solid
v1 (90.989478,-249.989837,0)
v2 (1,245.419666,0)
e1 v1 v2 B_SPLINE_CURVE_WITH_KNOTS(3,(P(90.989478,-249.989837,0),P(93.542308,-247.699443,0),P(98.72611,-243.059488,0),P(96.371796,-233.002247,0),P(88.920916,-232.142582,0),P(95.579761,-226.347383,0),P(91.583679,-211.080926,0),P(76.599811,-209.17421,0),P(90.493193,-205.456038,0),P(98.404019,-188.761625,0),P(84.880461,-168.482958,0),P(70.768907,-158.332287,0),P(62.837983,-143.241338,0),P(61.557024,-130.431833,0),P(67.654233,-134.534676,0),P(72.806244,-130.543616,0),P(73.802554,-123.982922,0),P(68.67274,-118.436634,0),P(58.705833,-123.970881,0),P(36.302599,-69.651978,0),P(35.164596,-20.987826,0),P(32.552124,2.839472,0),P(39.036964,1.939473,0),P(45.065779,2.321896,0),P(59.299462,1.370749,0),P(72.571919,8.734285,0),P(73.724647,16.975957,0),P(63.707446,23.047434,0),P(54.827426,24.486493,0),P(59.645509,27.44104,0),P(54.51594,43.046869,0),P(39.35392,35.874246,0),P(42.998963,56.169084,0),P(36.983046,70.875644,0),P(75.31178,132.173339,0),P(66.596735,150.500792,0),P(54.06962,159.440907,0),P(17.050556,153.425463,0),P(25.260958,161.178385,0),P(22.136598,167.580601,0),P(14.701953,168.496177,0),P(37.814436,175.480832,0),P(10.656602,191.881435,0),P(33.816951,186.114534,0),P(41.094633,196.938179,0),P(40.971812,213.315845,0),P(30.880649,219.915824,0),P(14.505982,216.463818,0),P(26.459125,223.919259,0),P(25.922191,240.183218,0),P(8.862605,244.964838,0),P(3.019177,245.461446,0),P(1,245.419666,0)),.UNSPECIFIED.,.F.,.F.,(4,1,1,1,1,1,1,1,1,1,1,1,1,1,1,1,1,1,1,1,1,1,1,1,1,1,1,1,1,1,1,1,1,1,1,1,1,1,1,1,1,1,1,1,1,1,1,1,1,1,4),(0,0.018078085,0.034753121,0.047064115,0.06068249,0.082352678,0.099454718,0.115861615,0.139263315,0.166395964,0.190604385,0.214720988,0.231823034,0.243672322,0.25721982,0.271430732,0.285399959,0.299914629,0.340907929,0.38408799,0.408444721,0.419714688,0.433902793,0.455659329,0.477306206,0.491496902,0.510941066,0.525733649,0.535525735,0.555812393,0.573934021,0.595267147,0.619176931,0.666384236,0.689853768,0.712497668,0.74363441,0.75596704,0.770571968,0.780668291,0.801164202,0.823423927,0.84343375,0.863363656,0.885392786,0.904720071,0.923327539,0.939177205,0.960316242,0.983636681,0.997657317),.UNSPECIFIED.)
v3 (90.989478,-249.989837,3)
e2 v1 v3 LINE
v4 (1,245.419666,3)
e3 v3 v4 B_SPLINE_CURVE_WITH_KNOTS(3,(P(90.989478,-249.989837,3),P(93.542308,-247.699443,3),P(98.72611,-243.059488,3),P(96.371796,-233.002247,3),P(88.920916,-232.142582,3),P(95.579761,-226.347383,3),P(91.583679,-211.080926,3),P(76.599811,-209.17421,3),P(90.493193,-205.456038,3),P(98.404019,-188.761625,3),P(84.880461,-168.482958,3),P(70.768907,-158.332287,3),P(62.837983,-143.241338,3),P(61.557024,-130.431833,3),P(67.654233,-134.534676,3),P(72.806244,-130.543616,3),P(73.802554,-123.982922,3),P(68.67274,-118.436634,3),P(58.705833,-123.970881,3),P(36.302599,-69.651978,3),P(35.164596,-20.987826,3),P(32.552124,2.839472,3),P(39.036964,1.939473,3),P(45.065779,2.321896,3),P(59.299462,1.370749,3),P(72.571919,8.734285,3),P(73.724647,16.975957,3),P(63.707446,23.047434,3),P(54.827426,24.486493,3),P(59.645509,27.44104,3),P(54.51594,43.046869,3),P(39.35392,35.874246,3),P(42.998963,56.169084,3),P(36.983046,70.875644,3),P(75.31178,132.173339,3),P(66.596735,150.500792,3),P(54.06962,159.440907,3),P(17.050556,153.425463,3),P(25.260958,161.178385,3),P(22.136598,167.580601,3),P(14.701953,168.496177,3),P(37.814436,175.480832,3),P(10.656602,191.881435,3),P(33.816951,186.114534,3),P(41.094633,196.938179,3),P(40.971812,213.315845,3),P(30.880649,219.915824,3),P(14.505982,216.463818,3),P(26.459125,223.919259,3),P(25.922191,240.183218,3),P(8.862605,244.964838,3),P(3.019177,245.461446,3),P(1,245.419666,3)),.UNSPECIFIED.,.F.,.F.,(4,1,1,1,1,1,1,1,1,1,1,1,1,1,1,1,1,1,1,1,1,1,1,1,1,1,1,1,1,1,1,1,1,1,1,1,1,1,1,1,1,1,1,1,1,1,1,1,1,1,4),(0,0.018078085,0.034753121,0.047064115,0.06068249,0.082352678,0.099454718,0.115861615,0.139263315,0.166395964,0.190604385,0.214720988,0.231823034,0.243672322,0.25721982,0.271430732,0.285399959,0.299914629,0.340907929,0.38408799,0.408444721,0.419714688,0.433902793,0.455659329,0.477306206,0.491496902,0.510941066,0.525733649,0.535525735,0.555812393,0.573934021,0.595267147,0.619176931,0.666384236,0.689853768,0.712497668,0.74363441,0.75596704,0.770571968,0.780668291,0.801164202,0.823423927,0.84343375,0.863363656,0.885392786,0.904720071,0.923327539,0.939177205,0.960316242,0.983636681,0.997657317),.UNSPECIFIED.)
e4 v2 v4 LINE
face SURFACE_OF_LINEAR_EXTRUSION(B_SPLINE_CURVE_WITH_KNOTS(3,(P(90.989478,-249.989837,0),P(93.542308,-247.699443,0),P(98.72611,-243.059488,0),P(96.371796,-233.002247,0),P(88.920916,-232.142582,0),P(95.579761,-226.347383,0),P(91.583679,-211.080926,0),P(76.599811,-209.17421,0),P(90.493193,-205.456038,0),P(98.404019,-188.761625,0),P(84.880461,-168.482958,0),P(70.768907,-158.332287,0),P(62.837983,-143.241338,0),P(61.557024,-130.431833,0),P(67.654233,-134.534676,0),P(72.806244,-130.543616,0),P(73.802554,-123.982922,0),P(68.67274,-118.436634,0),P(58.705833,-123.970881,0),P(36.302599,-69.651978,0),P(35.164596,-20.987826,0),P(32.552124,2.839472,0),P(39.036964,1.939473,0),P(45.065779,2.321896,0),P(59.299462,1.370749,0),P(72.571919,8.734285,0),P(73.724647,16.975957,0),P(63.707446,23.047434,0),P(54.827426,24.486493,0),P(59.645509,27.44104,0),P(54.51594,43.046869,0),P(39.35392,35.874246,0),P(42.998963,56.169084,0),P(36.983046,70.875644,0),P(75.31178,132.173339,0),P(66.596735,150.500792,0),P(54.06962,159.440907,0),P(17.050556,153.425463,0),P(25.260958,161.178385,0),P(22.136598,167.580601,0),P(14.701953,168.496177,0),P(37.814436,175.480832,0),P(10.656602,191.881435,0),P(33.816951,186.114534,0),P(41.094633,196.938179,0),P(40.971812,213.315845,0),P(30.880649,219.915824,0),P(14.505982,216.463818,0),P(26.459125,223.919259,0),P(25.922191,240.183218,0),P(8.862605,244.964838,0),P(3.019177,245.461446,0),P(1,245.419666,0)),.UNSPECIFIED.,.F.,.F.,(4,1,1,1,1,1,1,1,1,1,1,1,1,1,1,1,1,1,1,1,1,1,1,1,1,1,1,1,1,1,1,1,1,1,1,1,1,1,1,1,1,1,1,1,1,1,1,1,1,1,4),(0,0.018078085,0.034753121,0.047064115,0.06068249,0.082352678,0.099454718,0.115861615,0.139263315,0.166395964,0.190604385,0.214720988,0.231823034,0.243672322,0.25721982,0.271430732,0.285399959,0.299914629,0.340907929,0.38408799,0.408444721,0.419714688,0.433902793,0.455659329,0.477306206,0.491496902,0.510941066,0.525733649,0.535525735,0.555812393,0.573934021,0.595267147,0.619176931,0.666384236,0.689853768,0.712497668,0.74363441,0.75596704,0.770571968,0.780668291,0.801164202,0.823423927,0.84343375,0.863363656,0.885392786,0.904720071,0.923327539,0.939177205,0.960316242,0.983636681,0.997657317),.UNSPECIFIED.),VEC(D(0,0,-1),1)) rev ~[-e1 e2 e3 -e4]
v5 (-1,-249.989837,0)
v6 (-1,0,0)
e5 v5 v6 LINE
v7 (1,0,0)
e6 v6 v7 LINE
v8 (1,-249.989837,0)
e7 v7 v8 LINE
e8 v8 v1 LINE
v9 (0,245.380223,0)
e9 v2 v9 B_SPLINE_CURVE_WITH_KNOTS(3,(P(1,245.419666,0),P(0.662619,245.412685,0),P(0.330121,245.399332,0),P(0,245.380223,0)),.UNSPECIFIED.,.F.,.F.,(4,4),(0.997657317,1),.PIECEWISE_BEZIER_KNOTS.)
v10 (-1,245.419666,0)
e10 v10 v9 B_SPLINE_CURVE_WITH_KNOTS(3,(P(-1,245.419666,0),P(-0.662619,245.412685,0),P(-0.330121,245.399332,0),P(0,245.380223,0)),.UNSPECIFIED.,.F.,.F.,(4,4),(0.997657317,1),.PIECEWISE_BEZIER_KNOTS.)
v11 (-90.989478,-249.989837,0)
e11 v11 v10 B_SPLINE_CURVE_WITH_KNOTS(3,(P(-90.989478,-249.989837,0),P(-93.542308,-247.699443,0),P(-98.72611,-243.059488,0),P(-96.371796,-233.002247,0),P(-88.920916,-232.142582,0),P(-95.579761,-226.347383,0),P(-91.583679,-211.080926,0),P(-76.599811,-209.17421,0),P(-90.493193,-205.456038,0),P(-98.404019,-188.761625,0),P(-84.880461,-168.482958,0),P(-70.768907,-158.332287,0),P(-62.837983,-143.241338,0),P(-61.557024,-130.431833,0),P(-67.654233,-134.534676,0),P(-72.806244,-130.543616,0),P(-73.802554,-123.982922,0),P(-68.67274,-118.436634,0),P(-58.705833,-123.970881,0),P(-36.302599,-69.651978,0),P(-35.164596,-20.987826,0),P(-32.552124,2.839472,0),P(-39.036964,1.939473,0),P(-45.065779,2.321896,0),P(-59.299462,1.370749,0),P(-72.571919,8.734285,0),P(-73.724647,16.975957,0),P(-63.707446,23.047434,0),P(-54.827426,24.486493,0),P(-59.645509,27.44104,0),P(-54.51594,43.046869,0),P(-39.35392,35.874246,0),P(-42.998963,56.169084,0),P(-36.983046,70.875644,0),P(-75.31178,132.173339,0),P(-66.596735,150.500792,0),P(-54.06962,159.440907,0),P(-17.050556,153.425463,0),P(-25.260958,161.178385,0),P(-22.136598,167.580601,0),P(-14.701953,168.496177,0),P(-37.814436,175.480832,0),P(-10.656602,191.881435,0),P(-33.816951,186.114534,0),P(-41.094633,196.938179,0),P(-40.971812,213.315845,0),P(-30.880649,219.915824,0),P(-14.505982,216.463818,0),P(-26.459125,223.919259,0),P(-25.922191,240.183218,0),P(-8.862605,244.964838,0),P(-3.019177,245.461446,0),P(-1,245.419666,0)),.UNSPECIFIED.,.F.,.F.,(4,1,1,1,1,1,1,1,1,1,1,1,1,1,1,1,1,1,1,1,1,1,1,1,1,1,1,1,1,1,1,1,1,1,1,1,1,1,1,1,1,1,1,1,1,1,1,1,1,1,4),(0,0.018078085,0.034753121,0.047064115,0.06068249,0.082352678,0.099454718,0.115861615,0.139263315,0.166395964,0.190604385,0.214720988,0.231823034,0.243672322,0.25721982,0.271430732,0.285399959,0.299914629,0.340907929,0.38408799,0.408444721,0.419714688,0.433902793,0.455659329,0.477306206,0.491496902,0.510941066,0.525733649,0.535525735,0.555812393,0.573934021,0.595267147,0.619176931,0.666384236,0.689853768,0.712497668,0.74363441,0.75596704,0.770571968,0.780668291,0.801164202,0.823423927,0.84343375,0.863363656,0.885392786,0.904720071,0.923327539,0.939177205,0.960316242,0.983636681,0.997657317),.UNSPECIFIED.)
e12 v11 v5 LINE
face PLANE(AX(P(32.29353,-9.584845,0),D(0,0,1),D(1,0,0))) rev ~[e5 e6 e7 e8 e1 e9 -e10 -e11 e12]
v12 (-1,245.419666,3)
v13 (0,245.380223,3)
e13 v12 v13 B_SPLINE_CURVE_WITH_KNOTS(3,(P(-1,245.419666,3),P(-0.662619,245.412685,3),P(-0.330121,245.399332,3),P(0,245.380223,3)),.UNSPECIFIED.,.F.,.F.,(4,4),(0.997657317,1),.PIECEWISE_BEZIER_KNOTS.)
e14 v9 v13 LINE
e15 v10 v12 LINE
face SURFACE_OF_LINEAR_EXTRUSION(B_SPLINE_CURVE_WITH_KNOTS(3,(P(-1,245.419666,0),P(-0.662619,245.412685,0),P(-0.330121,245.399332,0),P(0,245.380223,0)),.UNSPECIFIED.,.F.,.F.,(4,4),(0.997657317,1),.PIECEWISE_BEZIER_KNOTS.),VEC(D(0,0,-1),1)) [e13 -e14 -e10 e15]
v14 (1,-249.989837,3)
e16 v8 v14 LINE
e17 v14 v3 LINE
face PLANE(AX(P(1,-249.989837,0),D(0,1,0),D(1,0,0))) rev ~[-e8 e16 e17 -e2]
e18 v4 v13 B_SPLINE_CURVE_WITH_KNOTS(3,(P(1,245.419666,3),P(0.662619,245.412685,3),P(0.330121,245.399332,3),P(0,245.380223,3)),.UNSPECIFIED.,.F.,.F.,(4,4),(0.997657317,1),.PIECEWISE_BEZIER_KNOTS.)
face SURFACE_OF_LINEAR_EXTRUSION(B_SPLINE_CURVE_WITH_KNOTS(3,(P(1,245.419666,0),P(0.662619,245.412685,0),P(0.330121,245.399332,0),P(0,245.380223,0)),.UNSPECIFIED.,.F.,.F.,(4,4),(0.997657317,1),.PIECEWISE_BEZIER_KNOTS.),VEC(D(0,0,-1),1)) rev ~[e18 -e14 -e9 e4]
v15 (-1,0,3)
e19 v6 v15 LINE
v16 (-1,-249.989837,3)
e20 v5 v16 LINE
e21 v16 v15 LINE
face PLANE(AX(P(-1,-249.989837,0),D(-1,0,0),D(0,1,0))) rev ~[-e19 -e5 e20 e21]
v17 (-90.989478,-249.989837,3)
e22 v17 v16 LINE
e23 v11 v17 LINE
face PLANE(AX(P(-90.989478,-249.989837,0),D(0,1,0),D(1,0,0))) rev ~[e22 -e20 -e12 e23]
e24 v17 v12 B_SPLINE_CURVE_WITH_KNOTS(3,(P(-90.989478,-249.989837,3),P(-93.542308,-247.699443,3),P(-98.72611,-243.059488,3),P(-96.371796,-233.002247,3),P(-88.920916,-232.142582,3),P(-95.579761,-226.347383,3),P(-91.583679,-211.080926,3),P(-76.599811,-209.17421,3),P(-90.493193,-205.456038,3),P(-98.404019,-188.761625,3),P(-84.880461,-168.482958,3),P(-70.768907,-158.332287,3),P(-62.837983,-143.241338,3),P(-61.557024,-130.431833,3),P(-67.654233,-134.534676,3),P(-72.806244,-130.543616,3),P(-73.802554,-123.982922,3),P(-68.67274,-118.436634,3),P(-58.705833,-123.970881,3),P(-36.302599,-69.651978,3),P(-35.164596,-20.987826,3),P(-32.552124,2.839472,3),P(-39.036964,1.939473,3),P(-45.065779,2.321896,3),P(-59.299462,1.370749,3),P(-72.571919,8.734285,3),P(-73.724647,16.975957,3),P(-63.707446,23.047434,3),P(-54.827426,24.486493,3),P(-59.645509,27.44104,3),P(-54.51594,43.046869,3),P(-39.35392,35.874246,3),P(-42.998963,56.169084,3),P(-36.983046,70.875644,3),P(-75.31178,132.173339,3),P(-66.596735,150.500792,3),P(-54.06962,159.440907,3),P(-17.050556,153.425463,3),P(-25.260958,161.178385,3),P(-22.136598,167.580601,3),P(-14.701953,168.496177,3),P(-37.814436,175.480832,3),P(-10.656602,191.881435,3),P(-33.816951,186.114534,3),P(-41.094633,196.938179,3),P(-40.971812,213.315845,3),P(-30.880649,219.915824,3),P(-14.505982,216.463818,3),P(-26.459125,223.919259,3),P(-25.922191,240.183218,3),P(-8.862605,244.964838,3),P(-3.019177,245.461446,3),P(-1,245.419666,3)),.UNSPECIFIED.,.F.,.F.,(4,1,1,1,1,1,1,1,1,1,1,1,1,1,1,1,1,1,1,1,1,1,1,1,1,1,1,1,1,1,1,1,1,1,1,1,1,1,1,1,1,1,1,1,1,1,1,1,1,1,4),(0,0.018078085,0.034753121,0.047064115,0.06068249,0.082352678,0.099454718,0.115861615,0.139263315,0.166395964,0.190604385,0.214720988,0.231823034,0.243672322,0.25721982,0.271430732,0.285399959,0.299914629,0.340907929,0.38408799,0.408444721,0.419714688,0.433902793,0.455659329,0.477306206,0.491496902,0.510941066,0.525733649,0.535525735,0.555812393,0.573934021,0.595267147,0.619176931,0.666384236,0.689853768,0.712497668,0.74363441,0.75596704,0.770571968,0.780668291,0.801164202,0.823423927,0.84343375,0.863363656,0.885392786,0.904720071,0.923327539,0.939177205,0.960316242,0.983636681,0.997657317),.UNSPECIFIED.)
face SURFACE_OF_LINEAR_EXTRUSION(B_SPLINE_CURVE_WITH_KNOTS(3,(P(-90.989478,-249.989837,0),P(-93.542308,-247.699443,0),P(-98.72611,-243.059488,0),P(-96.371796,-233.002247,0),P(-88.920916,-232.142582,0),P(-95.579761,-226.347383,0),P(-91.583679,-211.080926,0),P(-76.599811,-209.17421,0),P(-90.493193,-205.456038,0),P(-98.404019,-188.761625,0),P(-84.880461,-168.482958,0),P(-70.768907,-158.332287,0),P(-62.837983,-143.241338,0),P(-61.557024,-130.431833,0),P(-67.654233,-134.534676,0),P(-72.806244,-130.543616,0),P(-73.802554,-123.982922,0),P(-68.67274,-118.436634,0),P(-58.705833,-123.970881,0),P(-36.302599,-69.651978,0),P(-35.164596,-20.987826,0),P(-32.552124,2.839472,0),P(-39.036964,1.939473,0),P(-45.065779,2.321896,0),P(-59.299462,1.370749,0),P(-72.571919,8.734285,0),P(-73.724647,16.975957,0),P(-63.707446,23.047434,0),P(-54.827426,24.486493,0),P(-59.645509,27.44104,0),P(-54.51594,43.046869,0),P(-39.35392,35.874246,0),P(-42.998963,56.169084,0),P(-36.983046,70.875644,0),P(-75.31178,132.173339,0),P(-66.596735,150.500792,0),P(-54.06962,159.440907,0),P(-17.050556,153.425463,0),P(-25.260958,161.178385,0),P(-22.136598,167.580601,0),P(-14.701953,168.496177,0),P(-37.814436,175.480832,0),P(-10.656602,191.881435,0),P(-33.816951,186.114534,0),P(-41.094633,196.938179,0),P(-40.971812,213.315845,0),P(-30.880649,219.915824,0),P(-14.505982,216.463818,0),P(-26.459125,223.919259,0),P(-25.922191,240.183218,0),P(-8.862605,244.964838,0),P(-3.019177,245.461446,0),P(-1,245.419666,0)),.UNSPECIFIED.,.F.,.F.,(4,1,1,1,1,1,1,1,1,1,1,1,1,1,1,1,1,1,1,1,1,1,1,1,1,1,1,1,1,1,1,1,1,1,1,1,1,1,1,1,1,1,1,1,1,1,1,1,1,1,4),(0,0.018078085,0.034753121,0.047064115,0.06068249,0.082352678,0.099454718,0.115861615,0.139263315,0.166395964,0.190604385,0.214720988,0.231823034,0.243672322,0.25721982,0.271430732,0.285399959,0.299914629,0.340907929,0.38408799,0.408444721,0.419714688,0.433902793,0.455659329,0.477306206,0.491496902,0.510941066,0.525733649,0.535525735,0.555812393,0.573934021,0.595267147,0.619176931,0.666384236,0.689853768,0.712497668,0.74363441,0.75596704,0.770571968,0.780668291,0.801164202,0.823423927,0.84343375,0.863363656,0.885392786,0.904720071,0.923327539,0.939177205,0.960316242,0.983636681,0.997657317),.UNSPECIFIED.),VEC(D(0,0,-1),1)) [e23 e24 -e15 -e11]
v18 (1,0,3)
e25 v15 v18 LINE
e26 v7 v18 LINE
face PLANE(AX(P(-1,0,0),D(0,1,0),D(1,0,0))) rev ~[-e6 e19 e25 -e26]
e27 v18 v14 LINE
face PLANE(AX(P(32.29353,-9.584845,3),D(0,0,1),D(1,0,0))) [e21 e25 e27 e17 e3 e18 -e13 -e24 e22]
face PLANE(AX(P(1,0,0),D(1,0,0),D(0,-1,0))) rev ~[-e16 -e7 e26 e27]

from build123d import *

# Parameters (mm, degrees)
F1_DEPTH = 3


with BuildPart() as f1:
    # F0 (on Top) → F1 (new body)
    with BuildSketch(Plane.XY):
        with BuildLine():
            add(Edge.make_bspline(
                [(90.9894779325, -249.9898374081), (93.5423084812, -247.6994433289), (98.7261095267, -243.0594878918), (96.3717963405, -233.002246845), (88.9209162181, -232.1425823387), (95.5797614962, -226.3473827392), (91.5836794418, -211.0809255461), (76.5998108247, -209.1742101838), (90.4931932063, -205.4560381133), (98.4040190951, -188.7616252338), (84.8804606225, -168.4829575198), (70.7689072457, -158.3322873851), (62.8379831471, -143.2413384436), (61.557023586, -130.431832811), (67.6542333179, -134.5346761668), (72.8062443375, -130.5436162337), (73.8025544125, -123.982922157), (68.6727398931, -118.4366341751), (58.7058329409, -123.9708810166), (36.3025994821, -69.651977773), (35.164596349, -20.9878259104), (32.5521242658, 2.8394716537), (39.0369635764, 1.9394730546), (45.0657788443, 2.3218964827), (59.2994622567, 1.3707494807), (72.5719191699, 8.7342849114), (73.7246470696, 16.9759574494), (63.7074459018, 23.0474340322), (54.8274264315, 24.486493145), (59.6455092177, 27.4410399071), (54.5159396801, 43.0468686734), (39.3539196624, 35.8742461569), (42.9989626849, 56.1690837908), (36.9830458164, 70.8756444867), (75.3117804583, 132.1733387746), (66.5967353794, 150.5007923418), (54.0696200833, 159.4409074932), (17.0505556383, 153.4254633293), (25.2609582787, 161.1783845586), (22.1365981425, 167.5806007909), (14.7019530635, 168.4961773878), (37.8144356801, 175.4808323626), (10.6566023155, 191.8814352096), (33.8169514641, 186.1145341709), (41.0946330208, 196.9381785014), (40.9718122924, 213.3158447979), (30.880649311, 219.9158241613), (14.5059824129, 216.463817929), (26.4591252681, 223.9192586975), (25.9221908143, 240.1832175197), (8.8626047614, 244.964838391), (3.0191772027, 245.4614464803), (1, 245.419665973)],
                knots=[0, 0, 0, 0, 0.0180780853, 0.0347531213, 0.0470641149, 0.0606824905, 0.082352678, 0.0994547179, 0.1158616148, 0.1392633154, 0.1663959645, 0.1906043851, 0.2147209883, 0.2318230344, 0.2436723223, 0.2572198202, 0.2714307317, 0.2853999587, 0.2999146289, 0.3409079292, 0.3840879897, 0.4084447206, 0.419714688, 0.4339027925, 0.4556593293, 0.4773062065, 0.491496902, 0.5109410664, 0.5257336488, 0.5355257348, 0.5558123934, 0.5739340212, 0.5952671467, 0.6191769312, 0.6663842356, 0.689853768, 0.7124976679, 0.7436344098, 0.7559670404, 0.7705719679, 0.7806682913, 0.8011642023, 0.8234239266, 0.8434337495, 0.8633636557, 0.8853927856, 0.9047200707, 0.9233275392, 0.9391772054, 0.9603162416, 0.9836366812, 0.9976573166, 0.9976573166, 0.9976573166, 0.9976573166], degree=3))
            Line((1, 245.419665973), (1, 0))
            Line((1, 0), (1, -249.9898374081))
            Line((1, -249.9898374081), (90.9894779325, -249.9898374081))
        make_face()
        with BuildLine():
            Line((-1, 0), (-1, 245.419665973))
            add(Edge.make_bspline(
                [(-90.9894779325, -249.9898374081), (-93.5423084812, -247.6994433289), (-98.7261095267, -243.0594878918), (-96.3717963405, -233.002246845), (-88.9209162181, -232.1425823387), (-95.5797614962, -226.3473827392), (-91.5836794418, -211.0809255461), (-76.5998108247, -209.1742101838), (-90.4931932063, -205.4560381133), (-98.4040190951, -188.7616252338), (-84.8804606225, -168.4829575198), (-70.7689072457, -158.3322873851), (-62.8379831471, -143.2413384436), (-61.557023586, -130.431832811), (-67.6542333179, -134.5346761668), (-72.8062443375, -130.5436162337), (-73.8025544125, -123.982922157), (-68.6727398931, -118.4366341751), (-58.7058329409, -123.9708810166), (-36.3025994821, -69.651977773), (-35.164596349, -20.9878259104), (-32.5521242658, 2.8394716537), (-39.0369635764, 1.9394730546), (-45.0657788443, 2.3218964827), (-59.2994622567, 1.3707494807), (-72.5719191699, 8.7342849114), (-73.7246470696, 16.9759574494), (-63.7074459018, 23.0474340322), (-54.8274264315, 24.486493145), (-59.6455092177, 27.4410399071), (-54.5159396801, 43.0468686734), (-39.3539196624, 35.8742461569), (-42.9989626849, 56.1690837908), (-36.9830458164, 70.8756444867), (-75.3117804583, 132.1733387746), (-66.5967353794, 150.5007923418), (-54.0696200833, 159.4409074932), (-17.0505556383, 153.4254633293), (-25.2609582787, 161.1783845586), (-22.1365981425, 167.5806007909), (-14.7019530635, 168.4961773878), (-37.8144356801, 175.4808323626), (-10.6566023155, 191.8814352096), (-33.8169514641, 186.1145341709), (-41.0946330208, 196.9381785014), (-40.9718122924, 213.3158447979), (-30.880649311, 219.9158241613), (-14.5059824129, 216.463817929), (-26.4591252681, 223.9192586975), (-25.9221908143, 240.1832175197), (-8.8626047614, 244.964838391), (-3.0191772027, 245.4614464803), (-1, 245.419665973)],
                knots=[0, 0, 0, 0, 0.0180780853, 0.0347531213, 0.0470641149, 0.0606824905, 0.082352678, 0.0994547179, 0.1158616148, 0.1392633154, 0.1663959645, 0.1906043851, 0.2147209883, 0.2318230344, 0.2436723223, 0.2572198202, 0.2714307317, 0.2853999587, 0.2999146289, 0.3409079292, 0.3840879897, 0.4084447206, 0.419714688, 0.4339027925, 0.4556593293, 0.4773062065, 0.491496902, 0.5109410664, 0.5257336488, 0.5355257348, 0.5558123934, 0.5739340212, 0.5952671467, 0.6191769312, 0.6663842356, 0.689853768, 0.7124976679, 0.7436344098, 0.7559670404, 0.7705719679, 0.7806682913, 0.8011642023, 0.8234239266, 0.8434337495, 0.8633636557, 0.8853927856, 0.9047200707, 0.9233275392, 0.9391772054, 0.9603162416, 0.9836366812, 0.9976573166, 0.9976573166, 0.9976573166, 0.9976573166], degree=3))
            Line((-90.9894779325, -249.9898374081), (-1, -249.9898374081))
            Line((-1, -249.9898374081), (-1, 0))
        make_face()
        with BuildLine():
            add(Edge.make_bspline(
                [(1, 245.419665973), (0.662619224, 245.4126849413), (0.3301209164, 245.3993316735), (0, 245.3802227974)],
                knots=[0.9976573166, 0.9976573166, 0.9976573166, 0.9976573166, 1, 1, 1, 1], degree=3))
            Line((0, 245.3802227974), (0, 0))
            Line((0, 0), (1, 0))
            Line((1, 0), (1, 245.419665973))
        make_face()
        with BuildLine():
            Line((0, 0), (0, 245.3802227974))
            add(Edge.make_bspline(
                [(-1, 245.419665973), (-0.662619224, 245.4126849413), (-0.3301209164, 245.3993316735), (0, 245.3802227974)],
                knots=[0.9976573166, 0.9976573166, 0.9976573166, 0.9976573166, 1, 1, 1, 1], degree=3))
            Line((-1, 245.419665973), (-1, 0))
            Line((-1, 0), (0, 0))
        make_face()
    extrude(amount=F1_DEPTH)


solid = f1.part
